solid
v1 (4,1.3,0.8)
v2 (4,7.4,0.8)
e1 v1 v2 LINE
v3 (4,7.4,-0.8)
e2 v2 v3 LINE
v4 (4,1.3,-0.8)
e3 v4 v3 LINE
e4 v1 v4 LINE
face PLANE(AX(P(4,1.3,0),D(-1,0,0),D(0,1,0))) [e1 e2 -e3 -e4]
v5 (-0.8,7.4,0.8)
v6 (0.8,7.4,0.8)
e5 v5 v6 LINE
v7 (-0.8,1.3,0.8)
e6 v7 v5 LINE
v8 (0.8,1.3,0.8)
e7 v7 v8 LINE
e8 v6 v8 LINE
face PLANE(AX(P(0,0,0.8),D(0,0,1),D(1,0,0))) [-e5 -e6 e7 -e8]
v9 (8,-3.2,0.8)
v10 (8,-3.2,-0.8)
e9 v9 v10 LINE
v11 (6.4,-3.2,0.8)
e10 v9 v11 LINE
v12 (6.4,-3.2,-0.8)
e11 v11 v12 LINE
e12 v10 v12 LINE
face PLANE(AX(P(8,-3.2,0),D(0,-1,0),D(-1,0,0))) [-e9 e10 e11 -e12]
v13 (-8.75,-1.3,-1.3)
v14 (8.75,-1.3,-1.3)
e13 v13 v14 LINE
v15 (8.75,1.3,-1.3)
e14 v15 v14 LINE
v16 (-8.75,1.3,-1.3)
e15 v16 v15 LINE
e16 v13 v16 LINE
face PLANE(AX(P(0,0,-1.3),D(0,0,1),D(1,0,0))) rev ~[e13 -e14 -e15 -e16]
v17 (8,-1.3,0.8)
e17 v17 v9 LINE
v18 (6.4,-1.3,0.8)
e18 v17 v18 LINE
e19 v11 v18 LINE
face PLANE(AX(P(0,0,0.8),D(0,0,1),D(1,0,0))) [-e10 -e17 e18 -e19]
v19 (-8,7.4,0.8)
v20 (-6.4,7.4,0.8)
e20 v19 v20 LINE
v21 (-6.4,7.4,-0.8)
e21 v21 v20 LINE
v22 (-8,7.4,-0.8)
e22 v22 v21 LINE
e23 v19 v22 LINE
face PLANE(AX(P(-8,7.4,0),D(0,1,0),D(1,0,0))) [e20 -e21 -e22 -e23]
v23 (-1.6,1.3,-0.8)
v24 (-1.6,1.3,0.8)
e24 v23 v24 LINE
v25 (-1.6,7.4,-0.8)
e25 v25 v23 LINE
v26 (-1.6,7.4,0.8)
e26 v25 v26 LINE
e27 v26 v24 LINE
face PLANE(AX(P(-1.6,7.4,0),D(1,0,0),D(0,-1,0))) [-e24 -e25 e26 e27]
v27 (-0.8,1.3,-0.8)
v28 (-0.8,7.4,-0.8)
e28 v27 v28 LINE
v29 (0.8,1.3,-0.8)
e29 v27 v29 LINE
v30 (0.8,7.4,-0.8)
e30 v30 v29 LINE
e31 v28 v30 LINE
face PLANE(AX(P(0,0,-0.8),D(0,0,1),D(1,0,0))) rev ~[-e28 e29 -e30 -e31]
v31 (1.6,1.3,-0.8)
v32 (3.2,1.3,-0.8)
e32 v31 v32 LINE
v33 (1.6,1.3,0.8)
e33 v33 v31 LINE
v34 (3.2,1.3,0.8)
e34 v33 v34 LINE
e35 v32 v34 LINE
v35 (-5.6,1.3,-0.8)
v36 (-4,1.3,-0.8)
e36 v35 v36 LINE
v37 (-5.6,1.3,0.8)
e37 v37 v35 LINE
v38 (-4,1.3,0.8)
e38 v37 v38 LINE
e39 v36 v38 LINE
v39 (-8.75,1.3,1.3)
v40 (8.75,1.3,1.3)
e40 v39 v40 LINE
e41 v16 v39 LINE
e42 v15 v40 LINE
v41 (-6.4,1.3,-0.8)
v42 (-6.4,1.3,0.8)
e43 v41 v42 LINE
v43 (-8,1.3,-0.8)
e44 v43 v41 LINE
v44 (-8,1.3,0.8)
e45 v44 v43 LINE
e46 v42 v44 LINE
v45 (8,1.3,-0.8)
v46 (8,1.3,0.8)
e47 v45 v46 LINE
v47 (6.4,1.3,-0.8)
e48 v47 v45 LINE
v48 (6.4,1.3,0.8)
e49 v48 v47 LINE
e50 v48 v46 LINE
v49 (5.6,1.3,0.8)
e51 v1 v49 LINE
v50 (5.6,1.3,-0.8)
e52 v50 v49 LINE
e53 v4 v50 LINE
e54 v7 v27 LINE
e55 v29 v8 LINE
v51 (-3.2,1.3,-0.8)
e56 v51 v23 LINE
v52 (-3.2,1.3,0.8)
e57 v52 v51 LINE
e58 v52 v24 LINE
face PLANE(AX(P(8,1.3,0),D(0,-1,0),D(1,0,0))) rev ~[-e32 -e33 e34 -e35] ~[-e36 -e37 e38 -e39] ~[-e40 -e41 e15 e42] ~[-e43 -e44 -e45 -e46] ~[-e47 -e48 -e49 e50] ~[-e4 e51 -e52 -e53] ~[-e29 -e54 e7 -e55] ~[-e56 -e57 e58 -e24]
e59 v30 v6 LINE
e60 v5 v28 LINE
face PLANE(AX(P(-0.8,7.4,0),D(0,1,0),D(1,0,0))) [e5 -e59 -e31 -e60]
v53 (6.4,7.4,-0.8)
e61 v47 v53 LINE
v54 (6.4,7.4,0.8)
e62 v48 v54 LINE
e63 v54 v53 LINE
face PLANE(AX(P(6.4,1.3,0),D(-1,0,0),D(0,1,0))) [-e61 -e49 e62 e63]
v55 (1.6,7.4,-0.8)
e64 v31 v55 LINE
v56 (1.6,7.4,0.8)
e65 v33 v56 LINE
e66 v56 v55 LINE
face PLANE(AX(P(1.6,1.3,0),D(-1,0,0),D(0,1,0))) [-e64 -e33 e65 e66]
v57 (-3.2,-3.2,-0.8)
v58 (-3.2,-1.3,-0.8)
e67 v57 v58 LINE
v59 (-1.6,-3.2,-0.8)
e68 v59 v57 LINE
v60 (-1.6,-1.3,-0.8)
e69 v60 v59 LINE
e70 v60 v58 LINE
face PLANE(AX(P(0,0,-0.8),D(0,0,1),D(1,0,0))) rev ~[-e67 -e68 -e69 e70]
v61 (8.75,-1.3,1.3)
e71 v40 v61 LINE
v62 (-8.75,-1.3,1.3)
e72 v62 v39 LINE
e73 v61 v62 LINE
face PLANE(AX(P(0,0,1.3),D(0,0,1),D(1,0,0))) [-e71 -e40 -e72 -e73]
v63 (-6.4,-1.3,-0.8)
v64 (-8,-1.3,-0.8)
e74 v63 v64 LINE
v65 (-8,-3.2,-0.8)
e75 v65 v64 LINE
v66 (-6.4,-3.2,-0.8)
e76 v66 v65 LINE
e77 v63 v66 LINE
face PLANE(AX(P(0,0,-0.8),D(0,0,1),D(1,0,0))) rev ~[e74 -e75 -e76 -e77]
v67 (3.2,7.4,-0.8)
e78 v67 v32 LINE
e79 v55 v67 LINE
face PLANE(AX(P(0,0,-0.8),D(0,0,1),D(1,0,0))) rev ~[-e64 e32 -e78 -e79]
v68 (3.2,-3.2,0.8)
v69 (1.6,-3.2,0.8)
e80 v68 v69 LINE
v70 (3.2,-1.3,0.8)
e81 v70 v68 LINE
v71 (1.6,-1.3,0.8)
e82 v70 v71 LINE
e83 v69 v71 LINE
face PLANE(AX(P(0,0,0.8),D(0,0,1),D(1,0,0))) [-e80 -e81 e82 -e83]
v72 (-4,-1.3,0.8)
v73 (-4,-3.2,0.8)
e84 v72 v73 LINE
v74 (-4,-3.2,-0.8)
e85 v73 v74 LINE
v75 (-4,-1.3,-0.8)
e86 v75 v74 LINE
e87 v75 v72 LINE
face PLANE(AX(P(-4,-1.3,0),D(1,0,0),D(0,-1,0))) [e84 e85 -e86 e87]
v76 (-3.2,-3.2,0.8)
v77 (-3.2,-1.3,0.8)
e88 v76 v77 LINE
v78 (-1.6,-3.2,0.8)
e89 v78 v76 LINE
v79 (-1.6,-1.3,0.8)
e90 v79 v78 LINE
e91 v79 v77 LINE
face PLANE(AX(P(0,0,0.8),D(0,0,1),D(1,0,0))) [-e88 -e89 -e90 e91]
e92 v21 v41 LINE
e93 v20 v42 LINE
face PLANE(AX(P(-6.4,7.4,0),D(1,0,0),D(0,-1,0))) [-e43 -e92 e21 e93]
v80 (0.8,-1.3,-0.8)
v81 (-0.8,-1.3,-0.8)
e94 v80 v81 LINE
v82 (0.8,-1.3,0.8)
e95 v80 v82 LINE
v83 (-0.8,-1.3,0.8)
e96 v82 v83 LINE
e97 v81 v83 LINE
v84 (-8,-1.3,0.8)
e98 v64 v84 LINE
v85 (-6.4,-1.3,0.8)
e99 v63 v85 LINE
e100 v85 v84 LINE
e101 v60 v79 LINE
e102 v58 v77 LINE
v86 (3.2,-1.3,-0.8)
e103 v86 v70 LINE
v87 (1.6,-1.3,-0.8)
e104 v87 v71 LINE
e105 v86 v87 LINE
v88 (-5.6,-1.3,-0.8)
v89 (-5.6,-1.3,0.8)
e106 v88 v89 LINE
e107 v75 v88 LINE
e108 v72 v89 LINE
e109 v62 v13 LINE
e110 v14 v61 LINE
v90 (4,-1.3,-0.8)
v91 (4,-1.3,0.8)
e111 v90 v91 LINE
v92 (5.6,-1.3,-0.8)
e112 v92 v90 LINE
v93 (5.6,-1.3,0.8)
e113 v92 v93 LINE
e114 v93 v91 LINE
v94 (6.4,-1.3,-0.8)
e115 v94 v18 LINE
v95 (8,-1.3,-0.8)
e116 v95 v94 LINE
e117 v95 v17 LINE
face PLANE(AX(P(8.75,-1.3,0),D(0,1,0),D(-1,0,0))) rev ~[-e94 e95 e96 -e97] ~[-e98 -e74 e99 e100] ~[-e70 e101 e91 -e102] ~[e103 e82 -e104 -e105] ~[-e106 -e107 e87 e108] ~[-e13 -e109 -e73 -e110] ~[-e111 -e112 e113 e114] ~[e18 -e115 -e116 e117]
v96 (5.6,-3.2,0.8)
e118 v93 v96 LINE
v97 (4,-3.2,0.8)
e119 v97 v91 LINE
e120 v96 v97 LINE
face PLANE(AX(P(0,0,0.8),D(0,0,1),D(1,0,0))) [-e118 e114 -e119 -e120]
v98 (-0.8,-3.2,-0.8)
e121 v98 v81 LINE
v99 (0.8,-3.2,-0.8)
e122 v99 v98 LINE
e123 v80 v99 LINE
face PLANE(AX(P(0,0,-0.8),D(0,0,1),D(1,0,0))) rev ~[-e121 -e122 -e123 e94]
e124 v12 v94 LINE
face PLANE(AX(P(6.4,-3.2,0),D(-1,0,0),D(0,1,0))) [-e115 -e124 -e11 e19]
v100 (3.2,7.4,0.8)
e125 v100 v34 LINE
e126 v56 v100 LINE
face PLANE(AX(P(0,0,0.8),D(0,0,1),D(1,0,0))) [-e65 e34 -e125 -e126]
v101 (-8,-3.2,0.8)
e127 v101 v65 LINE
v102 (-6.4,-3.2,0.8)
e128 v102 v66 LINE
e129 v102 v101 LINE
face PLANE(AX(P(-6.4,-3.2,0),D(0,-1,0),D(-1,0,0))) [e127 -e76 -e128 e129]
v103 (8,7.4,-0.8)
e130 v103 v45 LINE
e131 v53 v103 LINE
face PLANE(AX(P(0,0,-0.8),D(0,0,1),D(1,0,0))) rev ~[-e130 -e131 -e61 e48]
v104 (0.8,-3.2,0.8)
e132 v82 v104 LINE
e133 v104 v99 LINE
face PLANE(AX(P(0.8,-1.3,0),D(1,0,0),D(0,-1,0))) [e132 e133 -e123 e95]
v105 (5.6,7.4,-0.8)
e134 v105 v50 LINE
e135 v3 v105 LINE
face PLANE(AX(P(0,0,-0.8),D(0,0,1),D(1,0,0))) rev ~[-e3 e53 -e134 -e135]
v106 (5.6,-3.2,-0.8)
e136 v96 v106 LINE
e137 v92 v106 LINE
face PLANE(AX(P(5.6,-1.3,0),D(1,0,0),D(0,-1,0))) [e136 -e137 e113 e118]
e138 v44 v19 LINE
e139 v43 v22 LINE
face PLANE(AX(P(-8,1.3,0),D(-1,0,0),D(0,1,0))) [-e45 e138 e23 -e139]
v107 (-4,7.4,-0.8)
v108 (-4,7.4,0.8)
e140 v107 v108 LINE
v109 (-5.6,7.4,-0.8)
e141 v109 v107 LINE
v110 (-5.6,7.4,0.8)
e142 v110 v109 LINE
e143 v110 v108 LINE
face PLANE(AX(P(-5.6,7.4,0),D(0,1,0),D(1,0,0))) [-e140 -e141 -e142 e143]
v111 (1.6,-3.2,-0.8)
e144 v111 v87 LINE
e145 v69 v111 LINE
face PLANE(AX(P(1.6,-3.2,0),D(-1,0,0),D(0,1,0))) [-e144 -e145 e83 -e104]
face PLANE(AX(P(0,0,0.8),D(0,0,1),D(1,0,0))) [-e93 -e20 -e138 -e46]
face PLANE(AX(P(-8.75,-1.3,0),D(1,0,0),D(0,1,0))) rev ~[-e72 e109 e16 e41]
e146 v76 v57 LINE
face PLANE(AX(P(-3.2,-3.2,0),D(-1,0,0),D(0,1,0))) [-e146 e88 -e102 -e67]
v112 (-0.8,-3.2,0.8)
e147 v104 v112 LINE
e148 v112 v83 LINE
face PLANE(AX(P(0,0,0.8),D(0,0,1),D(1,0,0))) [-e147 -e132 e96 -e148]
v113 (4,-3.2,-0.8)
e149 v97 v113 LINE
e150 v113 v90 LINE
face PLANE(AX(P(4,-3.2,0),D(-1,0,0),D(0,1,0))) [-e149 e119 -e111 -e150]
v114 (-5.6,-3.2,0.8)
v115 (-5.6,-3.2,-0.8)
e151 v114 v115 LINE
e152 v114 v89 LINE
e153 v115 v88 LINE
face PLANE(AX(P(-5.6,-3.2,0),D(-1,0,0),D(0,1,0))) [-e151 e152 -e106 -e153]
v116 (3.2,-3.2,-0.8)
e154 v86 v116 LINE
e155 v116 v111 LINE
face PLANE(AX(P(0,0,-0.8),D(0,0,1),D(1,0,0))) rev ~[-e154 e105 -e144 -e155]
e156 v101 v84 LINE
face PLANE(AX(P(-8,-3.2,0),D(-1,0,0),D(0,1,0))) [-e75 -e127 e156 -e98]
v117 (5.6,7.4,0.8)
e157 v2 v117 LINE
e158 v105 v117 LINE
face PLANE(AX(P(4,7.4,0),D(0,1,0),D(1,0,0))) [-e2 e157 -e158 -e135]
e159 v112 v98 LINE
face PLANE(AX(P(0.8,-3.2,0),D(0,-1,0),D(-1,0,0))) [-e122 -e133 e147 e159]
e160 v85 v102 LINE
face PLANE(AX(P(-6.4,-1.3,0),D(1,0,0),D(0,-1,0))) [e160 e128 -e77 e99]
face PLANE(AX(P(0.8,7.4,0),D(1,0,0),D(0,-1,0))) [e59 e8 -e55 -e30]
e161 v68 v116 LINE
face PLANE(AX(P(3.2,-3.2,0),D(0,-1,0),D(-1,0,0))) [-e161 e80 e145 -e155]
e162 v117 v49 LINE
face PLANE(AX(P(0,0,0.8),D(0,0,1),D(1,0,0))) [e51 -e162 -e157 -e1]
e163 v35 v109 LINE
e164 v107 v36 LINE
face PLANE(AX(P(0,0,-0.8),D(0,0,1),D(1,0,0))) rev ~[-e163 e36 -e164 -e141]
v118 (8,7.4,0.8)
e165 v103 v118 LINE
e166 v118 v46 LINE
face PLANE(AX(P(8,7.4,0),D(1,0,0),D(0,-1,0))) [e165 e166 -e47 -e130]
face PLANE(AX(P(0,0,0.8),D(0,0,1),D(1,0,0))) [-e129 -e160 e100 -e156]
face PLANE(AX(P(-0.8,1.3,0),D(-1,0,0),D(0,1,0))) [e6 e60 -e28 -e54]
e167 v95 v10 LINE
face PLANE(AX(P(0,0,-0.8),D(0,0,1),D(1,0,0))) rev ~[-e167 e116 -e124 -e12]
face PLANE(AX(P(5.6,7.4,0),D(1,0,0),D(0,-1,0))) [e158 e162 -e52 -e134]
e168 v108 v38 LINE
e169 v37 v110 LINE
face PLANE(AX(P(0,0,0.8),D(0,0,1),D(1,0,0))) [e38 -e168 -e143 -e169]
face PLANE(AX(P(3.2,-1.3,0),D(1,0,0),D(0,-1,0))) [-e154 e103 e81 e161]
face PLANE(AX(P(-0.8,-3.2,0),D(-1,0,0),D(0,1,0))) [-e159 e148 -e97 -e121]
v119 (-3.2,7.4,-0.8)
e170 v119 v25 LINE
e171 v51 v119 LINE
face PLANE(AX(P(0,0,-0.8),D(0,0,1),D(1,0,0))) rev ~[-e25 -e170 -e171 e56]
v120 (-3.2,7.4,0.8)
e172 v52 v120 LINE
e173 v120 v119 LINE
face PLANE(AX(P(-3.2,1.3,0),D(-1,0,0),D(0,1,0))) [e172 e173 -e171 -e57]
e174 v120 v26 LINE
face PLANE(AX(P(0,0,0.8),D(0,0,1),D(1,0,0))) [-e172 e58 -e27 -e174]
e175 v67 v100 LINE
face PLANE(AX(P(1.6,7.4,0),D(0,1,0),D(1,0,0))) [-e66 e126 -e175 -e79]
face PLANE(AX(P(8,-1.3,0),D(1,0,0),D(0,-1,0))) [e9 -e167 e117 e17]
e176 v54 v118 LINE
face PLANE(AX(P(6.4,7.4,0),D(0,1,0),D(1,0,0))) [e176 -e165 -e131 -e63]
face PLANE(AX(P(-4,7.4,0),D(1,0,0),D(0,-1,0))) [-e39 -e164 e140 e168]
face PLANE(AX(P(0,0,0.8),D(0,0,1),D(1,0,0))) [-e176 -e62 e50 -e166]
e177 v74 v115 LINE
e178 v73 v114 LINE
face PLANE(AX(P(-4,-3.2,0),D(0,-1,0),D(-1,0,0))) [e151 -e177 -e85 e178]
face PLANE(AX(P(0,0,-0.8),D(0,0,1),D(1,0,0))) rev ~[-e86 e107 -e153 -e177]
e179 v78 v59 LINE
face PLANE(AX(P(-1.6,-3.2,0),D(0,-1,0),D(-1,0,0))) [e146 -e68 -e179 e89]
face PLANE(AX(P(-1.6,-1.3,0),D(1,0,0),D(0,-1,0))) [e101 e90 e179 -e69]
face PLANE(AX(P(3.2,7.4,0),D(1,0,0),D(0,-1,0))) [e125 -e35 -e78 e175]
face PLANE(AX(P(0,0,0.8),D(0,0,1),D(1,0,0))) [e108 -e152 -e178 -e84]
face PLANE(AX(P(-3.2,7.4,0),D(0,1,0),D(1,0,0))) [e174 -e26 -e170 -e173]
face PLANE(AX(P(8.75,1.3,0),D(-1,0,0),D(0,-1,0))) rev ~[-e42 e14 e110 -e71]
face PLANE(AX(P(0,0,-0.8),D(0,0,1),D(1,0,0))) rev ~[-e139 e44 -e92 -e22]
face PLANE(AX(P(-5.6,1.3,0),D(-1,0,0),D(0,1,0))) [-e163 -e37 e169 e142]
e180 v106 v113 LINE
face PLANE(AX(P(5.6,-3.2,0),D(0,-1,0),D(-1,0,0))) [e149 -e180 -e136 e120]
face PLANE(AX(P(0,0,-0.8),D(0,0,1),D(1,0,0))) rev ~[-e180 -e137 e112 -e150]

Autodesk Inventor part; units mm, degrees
ref_plane "YZ Plane" through (0, 0, 0) normal (1, 0, 0) x (0, 1, 0)
ref_plane "XZ Plane" through (0, 0, 0) normal (0, 1, 0) x (-1, 0, 0)
ref_plane "XY Plane" through (0, 0, 0) normal (0, 0, 1) x (1, 0, 0)
sketch "Эскиз1" plane through (0, 0, 0) normal (0, 0, 1) x (1, 0, 0)
  line L0 (8.75, -1.3) -> (-8.75, -1.3)
  line L1 (-8.75, -1.3) -> (-8.75, 1.3)
  line L2 (-8.75, 1.3) -> (8.75, 1.3)
  line L3 (8.75, 1.3) -> (8.75, -1.3)
  line L4 (8.75, -1.3) -> (-8.75, 1.3) construction
  line L5 (-8.75, -1.3) -> (8.75, 1.3) construction
  line L6 (-8, 7.4) -> (-6.4, 7.4)
  line L7 (-6.4, 7.4) -> (-6.4, 1.3)
  line L8 (-6.4, 1.3) -> (-8, 1.3)
  line L9 (-8, 1.3) -> (-8, 7.4)
  line L10 (-8, 1.3) -> (-7.2, 1.3)
  line L11 (-6.4, -3.2) -> (-8, -3.2)
  line L12 (-6.4, -1.3) -> (-6.4, -3.2)
  line L13 (-8, -3.2) -> (-8, -1.3)
  line L14 (-4, 7.4) -> (-4, 1.3)
  line L15 (-5.6, 1.3) -> (-5.6, 7.4)
  line L16 (-5.6, 7.4) -> (-4, 7.4)
  line L17 (-5.6, -3.2) -> (-5.6, -1.3)
  line L18 (-4, -1.3) -> (-4, -3.2)
  line L19 (-4, -3.2) -> (-5.6, -3.2)
  line L20 (-1.6, 7.4) -> (-1.6, 1.3)
  line L21 (-3.2, 1.3) -> (-3.2, 7.4)
  line L22 (-3.2, 7.4) -> (-1.6, 7.4)
  line L23 (-3.2, -3.2) -> (-3.2, -1.3)
  line L24 (-1.6, -1.3) -> (-1.6, -3.2)
  line L25 (-1.6, -3.2) -> (-3.2, -3.2)
  line L26 (0.8, 7.4) -> (0.8, 1.3)
  line L27 (-0.8, 1.3) -> (-0.8, 7.4)
  line L28 (-0.8, 7.4) -> (0.8, 7.4)
  line L29 (-0.8, -3.2) -> (-0.8, -1.3)
  line L30 (0.8, -1.3) -> (0.8, -3.2)
  line L31 (0.8, -3.2) -> (-0.8, -3.2)
  line L32 (3.2, 7.4) -> (3.2, 1.3)
  line L33 (1.6, 1.3) -> (1.6, 7.4)
  line L34 (1.6, 7.4) -> (3.2, 7.4)
  line L35 (1.6, -3.2) -> (1.6, -1.3)
  line L36 (3.2, -1.3) -> (3.2, -3.2)
  line L37 (3.2, -3.2) -> (1.6, -3.2)
  line L38 (5.6, 7.4) -> (5.6, 1.3)
  line L39 (4, 1.3) -> (4, 7.4)
  line L40 (4, 7.4) -> (5.6, 7.4)
  line L41 (4, -3.2) -> (4, -1.3)
  line L42 (5.6, -1.3) -> (5.6, -3.2)
  line L43 (5.6, -3.2) -> (4, -3.2)
  line L44 (8, 7.4) -> (8, 1.3)
  line L45 (6.4, 1.3) -> (6.4, 7.4)
  line L46 (6.4, 7.4) -> (8, 7.4)
  line L47 (6.4, -3.2) -> (6.4, -1.3)
  line L48 (8, -1.3) -> (8, -3.2)
  line L49 (8, -3.2) -> (6.4, -3.2)
  point P0 (0, 0)
  point P1 (8, -1.3)
  point P2 (6.4, -1.3)
  point P3 (5.6, -1.3)
  point P4 (4, -1.3)
  point P5 (3.2, -1.3)
  point P6 (1.6, -1.3)
  point P7 (0.8, -1.3)
  point P8 (-0.8, -1.3)
  point P9 (-1.6, -1.3)
  point P10 (-3.2, -1.3)
  point P11 (-4, -1.3)
  point P12 (-5.6, -1.3)
  point P13 (-5.6, 1.3)
  point P14 (-4, 1.3)
  point P15 (-3.2, 1.3)
  point P16 (-1.6, 1.3)
  point P17 (-0.8, 1.3)
  point P18 (0.8, 1.3)
  point P19 (6.4, 1.3)
  point P20 (8, 1.3)
  point P21 (1.6, 1.3)
  point P22 (3.2, 1.3)
  point P23 (4, 1.3)
  point P24 (5.6, 1.3)
  point P25 (-6.4, 1.3)
  dimension "d0" = 17.5
  dimension "d1" = 2.6
  dimension "d3" = 8.7
  dimension "d7" = 4.5
  dimension "d8" = 0.75
  dimension "d9" = 1.6
  dimension "d12" = 2.4
extrude "Выдавливание1" add sketch "Эскиз1" against normal mid plane 2.6 contours L0 L1 L2 L3
extrude "Выдавливание2" add sketch "Эскиз1" along normal mid plane 1.6 contours L48 L49 L47 L0 | L2 L45 L46 L44 | L42 L43 L41 L0 | L2 L39 L40 L38 | L36 L37 L35 L0 | L2 L33 L34 L32 | L30 L31 L29 L0 | L2 L27 L28 L26 | L24 L25 L23 L0 | L2 L21 L22 L20 | L18 L19 L17 L0 | L2 L15 L16 L14 | L12 L11 L13 L0 | L2 L9 L6 L7
properties part number "ЛЦМК.00002.00.00.00.00.01-01"
